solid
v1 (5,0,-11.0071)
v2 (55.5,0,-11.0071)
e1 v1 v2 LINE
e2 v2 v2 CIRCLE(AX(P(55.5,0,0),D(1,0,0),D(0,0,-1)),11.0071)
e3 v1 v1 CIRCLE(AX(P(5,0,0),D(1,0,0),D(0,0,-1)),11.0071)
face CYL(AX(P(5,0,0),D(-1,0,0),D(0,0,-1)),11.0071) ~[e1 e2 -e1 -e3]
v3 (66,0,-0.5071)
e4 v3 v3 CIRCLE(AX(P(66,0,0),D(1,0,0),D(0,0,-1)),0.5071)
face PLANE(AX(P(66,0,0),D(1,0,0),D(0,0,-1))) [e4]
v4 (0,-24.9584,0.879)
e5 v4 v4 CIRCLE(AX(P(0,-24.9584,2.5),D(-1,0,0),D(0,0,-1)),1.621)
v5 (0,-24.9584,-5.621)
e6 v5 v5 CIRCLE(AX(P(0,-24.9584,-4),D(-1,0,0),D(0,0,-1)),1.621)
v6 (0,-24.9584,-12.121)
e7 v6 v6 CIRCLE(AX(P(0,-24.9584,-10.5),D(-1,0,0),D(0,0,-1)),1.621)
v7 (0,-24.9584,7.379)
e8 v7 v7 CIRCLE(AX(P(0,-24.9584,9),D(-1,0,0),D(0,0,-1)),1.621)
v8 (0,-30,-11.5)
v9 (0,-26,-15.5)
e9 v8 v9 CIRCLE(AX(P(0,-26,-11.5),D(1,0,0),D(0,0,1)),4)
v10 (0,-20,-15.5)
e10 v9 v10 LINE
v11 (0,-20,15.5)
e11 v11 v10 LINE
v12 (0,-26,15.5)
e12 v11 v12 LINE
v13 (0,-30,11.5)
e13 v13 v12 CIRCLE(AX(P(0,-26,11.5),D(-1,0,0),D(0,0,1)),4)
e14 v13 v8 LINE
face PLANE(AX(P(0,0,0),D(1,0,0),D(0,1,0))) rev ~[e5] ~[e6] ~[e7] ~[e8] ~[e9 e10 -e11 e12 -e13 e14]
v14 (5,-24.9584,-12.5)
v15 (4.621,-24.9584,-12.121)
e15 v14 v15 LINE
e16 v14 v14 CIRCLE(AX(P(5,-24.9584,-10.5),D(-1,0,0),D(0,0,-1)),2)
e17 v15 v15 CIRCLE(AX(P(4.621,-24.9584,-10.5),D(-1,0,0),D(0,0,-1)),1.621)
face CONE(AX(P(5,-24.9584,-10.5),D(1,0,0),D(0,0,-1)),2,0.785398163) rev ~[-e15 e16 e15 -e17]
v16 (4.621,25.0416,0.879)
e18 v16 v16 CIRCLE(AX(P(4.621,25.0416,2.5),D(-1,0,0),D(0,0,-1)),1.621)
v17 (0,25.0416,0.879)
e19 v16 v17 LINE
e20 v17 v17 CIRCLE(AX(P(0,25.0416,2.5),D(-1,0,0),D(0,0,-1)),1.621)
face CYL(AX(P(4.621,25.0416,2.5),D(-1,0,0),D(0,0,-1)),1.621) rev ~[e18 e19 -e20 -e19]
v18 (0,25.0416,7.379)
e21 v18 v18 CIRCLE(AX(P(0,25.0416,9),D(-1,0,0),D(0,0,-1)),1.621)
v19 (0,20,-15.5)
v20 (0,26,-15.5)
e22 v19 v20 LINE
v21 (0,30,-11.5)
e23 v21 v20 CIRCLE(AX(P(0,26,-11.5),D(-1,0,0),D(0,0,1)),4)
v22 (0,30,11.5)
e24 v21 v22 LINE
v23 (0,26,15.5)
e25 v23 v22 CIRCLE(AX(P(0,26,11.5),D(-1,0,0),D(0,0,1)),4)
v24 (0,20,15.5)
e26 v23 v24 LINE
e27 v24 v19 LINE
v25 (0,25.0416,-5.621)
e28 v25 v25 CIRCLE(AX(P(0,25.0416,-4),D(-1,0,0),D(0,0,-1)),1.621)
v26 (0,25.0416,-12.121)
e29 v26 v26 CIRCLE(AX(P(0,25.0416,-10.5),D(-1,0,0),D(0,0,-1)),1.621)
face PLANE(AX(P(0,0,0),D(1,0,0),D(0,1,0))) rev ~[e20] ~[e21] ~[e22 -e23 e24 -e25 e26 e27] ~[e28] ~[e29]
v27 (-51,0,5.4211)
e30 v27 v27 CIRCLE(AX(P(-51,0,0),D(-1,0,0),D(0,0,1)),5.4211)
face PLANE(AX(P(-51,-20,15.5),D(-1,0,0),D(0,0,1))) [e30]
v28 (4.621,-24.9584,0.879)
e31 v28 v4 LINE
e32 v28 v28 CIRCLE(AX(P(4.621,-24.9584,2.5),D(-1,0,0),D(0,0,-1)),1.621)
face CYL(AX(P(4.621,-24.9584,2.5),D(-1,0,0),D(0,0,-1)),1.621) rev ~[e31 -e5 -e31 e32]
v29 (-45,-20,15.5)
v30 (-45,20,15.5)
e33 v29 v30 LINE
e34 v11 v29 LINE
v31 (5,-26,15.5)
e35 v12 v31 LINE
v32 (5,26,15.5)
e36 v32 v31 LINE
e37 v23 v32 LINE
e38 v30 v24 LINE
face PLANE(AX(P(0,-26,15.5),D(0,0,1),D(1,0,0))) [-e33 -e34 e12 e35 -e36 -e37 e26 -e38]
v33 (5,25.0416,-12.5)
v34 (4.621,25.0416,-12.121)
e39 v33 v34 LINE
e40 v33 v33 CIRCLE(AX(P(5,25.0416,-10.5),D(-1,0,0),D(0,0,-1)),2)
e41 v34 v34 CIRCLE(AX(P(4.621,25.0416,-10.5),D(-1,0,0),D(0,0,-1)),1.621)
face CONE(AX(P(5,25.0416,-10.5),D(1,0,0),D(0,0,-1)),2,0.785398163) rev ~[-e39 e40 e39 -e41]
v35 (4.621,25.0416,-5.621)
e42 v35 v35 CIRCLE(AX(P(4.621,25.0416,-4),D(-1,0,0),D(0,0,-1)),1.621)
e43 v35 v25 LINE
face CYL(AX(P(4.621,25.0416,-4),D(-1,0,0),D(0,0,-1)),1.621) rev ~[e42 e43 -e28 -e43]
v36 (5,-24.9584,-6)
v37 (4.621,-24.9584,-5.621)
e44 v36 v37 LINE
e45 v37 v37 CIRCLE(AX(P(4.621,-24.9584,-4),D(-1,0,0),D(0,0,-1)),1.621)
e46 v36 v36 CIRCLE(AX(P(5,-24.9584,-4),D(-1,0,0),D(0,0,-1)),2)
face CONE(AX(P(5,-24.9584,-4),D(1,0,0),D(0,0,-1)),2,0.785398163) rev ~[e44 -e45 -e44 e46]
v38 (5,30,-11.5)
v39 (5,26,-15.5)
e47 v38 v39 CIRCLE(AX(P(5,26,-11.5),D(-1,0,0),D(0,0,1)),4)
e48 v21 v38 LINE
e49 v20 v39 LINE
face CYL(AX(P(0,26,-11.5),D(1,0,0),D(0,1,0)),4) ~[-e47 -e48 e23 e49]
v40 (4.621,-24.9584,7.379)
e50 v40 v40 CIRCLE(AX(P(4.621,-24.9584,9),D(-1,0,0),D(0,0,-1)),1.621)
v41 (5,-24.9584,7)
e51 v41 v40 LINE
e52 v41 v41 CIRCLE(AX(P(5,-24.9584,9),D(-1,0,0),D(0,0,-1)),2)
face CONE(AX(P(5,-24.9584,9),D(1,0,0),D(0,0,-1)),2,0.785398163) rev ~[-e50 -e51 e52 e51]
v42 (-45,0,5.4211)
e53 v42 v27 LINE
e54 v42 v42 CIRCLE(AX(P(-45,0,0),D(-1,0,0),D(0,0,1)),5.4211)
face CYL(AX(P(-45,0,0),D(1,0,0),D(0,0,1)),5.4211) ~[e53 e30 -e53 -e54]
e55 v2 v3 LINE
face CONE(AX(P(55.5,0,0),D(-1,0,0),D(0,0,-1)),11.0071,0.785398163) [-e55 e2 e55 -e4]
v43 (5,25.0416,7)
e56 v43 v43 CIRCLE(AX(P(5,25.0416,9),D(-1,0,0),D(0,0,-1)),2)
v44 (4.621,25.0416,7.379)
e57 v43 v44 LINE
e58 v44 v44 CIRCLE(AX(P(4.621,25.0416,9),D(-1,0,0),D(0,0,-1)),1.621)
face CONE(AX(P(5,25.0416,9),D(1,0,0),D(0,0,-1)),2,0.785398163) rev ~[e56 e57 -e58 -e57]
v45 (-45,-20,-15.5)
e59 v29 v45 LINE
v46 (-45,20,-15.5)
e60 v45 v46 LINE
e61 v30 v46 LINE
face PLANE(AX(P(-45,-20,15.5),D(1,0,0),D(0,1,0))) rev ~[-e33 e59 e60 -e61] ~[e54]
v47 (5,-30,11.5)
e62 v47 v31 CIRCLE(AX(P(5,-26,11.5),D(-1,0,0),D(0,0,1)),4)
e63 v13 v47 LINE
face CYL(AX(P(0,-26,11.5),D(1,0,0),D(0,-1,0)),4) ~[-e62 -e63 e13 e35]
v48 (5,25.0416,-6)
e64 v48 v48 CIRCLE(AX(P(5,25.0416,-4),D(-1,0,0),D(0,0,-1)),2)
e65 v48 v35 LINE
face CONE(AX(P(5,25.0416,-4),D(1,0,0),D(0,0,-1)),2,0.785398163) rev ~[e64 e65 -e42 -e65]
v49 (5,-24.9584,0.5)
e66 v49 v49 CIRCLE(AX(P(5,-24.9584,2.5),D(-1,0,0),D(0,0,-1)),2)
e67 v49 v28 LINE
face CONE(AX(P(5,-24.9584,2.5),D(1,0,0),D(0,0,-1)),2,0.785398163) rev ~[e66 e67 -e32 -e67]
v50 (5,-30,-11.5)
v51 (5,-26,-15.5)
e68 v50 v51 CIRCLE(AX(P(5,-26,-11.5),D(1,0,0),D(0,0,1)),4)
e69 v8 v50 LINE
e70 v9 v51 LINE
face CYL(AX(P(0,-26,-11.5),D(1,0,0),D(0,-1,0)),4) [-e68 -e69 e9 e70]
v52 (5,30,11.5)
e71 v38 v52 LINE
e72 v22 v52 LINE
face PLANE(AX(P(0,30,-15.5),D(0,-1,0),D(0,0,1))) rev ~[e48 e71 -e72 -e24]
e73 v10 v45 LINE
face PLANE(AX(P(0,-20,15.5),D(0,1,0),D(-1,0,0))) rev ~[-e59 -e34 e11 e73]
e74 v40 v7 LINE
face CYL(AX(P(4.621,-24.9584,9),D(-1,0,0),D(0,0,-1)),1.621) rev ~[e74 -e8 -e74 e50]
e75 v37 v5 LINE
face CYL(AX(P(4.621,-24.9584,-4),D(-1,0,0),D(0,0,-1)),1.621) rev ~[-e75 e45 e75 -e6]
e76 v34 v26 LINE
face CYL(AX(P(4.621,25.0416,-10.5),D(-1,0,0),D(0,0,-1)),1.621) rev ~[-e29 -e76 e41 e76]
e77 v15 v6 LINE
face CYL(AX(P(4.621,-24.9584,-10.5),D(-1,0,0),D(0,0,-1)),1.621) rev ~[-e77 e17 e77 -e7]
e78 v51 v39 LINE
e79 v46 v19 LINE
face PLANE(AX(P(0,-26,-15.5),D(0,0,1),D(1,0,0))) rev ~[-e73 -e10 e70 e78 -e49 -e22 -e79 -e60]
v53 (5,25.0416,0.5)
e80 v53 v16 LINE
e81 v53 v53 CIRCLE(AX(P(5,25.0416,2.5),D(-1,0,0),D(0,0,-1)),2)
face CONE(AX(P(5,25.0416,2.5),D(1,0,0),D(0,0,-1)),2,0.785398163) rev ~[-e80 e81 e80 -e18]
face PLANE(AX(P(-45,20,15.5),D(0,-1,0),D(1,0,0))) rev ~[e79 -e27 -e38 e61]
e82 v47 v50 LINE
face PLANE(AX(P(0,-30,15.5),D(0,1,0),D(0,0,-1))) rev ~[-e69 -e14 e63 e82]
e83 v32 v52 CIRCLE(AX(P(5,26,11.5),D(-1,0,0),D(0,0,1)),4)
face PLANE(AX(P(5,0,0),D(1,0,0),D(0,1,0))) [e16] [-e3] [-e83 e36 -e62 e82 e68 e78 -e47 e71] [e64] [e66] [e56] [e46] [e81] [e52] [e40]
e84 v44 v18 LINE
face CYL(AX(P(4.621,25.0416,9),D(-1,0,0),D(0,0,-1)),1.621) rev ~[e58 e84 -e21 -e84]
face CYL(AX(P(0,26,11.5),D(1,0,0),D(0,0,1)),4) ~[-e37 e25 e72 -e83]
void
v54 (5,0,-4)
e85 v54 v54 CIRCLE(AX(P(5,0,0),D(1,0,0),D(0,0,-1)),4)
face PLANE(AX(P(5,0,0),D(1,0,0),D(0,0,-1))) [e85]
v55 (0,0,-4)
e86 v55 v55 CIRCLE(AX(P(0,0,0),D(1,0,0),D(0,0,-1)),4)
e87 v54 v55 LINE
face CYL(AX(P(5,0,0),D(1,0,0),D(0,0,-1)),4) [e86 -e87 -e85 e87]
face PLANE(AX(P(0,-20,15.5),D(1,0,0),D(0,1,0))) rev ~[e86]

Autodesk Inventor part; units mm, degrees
ref_plane "YZ Plane" through (0, 0, 0) normal (1, 0, 0) x (0, 1, 0)
ref_plane "XZ Plane" through (0, 0, 0) normal (0, 1, 0) x (-1, 0, 0)
ref_plane "XY Plane" through (0, 0, 0) normal (0, 0, 1) x (1, 0, 0)
sketch "Sketch1" plane through (0, 0, 0) normal (1, 0, 0) x (0, 1, 0)
  line L0 (-30, -15.5) -> (30, -15.5)
  line L1 (30, -15.5) -> (30, 15.5)
  line L2 (30, 15.5) -> (-30, 15.5)
  line L3 (-30, 15.5) -> (-30, -15.5)
  line L4 (-30, -15.5) -> (30, 15.5) construction
  line L5 (30, -15.5) -> (-30, 15.5) construction
  point P0 (0, 0)
  dimension "d0" = 60
  dimension "d1" = 31
extrude "Extrusion1" add sketch "Sketch1" along normal blind 5
fillet "Fillet1" radius 4 4 edges at (2.5, 30, 15.5) (2.5, 30, -15.5) (2.5, -30, -15.5) (2.5, -30, 15.5)
sketch "Sketch2" plane through (5, 0, 0) normal (1, 0, 0) x (0, 0, -1)
  line L0 (-15.5, 26) -> (-15.5, -26) projected
  line L1 (11.5, 30) -> (-11.5, 30) projected
  point P0 (0, 0)
  point P1 (-9, 25.0416)
  point P2 (-9, -24.9584)
  point P3 (-2.5, 25.0416)
  point P4 (-2.5, -24.9584)
  point P5 (4, 25.0416)
  point P6 (4, -24.9584)
  point P7 (10.5, 25.0416)
  point P8 (10.5, -24.9584)
  dimension "d5" = 6.5
  dimension "d8" = 50
  dimension "d11" = 6.5
hole "Hole1" at (5, 25.0416, 9) at (5, -24.9584, 9) at (5, 25.0416, 2.5) at (5, -24.9584, 2.5) at (5, 25.0416, -4) at (5, -24.9584, -4) at (5, 25.0416, -10.5) at (5, -24.9584, -10.5) direction (-1, 0, 0) diameter 3.242 depth 11.8 tip angle 118 countersink diameter 4 countersink angle 90 thread size "M4x0.7" class "6H" standard "ISO Metric profile"
sketch "Sketch3" plane through (5, 0, 0) normal (1, 0, 0) x (0, 0, -1)
  circle A0 centre (0, 0) radius 4
  dimension "d21" = 8
extrude "Extrusion2" cut sketch "Sketch3" against normal blind 5
sketch "Sketch4" plane through (0, -26, 15.5) normal (0, 0, 1) x (1, 0, 0)
  line L0 (0, 0) -> (0, 52) projected
  line L1 (0, 6) -> (-45, 6)
  line L2 (-45, 6) -> (-45, 46)
  line L3 (-45, 46) -> (0, 46)
  line L4 (0, 46) -> (0, 6)
  line L5 (5, 52) -> (5, 0) projected
  line L6 (0, 26) -> (-7.0205, 26) construction
  dimension "d24" = 50
  dimension "d25" = 40
extrude "Extrusion3" add sketch "Sketch4" against normal up to surface (31 mm away)
sketch "Sketch5" plane through (-45, -20, 15.5) normal (-1, 0, 0) x (0, 0, 1)
  circle A0 centre (-15.5, 20) radius 5.4211
extrude "Extrusion4" add sketch "Sketch5" along normal blind 6
sketch "Sketch6" plane through (5, 0, 0) normal (1, 0, 0) x (0, 0, -1)
  circle A0 centre (0, 0) radius 11.0071
extrude "Extrusion5" add sketch "Sketch6" along normal blind 61
chamfer "Chamfer1" distance 10.5 angle 45 1 edges at (66, 0, 11.0071)
properties part number "GT9S Extruder"
